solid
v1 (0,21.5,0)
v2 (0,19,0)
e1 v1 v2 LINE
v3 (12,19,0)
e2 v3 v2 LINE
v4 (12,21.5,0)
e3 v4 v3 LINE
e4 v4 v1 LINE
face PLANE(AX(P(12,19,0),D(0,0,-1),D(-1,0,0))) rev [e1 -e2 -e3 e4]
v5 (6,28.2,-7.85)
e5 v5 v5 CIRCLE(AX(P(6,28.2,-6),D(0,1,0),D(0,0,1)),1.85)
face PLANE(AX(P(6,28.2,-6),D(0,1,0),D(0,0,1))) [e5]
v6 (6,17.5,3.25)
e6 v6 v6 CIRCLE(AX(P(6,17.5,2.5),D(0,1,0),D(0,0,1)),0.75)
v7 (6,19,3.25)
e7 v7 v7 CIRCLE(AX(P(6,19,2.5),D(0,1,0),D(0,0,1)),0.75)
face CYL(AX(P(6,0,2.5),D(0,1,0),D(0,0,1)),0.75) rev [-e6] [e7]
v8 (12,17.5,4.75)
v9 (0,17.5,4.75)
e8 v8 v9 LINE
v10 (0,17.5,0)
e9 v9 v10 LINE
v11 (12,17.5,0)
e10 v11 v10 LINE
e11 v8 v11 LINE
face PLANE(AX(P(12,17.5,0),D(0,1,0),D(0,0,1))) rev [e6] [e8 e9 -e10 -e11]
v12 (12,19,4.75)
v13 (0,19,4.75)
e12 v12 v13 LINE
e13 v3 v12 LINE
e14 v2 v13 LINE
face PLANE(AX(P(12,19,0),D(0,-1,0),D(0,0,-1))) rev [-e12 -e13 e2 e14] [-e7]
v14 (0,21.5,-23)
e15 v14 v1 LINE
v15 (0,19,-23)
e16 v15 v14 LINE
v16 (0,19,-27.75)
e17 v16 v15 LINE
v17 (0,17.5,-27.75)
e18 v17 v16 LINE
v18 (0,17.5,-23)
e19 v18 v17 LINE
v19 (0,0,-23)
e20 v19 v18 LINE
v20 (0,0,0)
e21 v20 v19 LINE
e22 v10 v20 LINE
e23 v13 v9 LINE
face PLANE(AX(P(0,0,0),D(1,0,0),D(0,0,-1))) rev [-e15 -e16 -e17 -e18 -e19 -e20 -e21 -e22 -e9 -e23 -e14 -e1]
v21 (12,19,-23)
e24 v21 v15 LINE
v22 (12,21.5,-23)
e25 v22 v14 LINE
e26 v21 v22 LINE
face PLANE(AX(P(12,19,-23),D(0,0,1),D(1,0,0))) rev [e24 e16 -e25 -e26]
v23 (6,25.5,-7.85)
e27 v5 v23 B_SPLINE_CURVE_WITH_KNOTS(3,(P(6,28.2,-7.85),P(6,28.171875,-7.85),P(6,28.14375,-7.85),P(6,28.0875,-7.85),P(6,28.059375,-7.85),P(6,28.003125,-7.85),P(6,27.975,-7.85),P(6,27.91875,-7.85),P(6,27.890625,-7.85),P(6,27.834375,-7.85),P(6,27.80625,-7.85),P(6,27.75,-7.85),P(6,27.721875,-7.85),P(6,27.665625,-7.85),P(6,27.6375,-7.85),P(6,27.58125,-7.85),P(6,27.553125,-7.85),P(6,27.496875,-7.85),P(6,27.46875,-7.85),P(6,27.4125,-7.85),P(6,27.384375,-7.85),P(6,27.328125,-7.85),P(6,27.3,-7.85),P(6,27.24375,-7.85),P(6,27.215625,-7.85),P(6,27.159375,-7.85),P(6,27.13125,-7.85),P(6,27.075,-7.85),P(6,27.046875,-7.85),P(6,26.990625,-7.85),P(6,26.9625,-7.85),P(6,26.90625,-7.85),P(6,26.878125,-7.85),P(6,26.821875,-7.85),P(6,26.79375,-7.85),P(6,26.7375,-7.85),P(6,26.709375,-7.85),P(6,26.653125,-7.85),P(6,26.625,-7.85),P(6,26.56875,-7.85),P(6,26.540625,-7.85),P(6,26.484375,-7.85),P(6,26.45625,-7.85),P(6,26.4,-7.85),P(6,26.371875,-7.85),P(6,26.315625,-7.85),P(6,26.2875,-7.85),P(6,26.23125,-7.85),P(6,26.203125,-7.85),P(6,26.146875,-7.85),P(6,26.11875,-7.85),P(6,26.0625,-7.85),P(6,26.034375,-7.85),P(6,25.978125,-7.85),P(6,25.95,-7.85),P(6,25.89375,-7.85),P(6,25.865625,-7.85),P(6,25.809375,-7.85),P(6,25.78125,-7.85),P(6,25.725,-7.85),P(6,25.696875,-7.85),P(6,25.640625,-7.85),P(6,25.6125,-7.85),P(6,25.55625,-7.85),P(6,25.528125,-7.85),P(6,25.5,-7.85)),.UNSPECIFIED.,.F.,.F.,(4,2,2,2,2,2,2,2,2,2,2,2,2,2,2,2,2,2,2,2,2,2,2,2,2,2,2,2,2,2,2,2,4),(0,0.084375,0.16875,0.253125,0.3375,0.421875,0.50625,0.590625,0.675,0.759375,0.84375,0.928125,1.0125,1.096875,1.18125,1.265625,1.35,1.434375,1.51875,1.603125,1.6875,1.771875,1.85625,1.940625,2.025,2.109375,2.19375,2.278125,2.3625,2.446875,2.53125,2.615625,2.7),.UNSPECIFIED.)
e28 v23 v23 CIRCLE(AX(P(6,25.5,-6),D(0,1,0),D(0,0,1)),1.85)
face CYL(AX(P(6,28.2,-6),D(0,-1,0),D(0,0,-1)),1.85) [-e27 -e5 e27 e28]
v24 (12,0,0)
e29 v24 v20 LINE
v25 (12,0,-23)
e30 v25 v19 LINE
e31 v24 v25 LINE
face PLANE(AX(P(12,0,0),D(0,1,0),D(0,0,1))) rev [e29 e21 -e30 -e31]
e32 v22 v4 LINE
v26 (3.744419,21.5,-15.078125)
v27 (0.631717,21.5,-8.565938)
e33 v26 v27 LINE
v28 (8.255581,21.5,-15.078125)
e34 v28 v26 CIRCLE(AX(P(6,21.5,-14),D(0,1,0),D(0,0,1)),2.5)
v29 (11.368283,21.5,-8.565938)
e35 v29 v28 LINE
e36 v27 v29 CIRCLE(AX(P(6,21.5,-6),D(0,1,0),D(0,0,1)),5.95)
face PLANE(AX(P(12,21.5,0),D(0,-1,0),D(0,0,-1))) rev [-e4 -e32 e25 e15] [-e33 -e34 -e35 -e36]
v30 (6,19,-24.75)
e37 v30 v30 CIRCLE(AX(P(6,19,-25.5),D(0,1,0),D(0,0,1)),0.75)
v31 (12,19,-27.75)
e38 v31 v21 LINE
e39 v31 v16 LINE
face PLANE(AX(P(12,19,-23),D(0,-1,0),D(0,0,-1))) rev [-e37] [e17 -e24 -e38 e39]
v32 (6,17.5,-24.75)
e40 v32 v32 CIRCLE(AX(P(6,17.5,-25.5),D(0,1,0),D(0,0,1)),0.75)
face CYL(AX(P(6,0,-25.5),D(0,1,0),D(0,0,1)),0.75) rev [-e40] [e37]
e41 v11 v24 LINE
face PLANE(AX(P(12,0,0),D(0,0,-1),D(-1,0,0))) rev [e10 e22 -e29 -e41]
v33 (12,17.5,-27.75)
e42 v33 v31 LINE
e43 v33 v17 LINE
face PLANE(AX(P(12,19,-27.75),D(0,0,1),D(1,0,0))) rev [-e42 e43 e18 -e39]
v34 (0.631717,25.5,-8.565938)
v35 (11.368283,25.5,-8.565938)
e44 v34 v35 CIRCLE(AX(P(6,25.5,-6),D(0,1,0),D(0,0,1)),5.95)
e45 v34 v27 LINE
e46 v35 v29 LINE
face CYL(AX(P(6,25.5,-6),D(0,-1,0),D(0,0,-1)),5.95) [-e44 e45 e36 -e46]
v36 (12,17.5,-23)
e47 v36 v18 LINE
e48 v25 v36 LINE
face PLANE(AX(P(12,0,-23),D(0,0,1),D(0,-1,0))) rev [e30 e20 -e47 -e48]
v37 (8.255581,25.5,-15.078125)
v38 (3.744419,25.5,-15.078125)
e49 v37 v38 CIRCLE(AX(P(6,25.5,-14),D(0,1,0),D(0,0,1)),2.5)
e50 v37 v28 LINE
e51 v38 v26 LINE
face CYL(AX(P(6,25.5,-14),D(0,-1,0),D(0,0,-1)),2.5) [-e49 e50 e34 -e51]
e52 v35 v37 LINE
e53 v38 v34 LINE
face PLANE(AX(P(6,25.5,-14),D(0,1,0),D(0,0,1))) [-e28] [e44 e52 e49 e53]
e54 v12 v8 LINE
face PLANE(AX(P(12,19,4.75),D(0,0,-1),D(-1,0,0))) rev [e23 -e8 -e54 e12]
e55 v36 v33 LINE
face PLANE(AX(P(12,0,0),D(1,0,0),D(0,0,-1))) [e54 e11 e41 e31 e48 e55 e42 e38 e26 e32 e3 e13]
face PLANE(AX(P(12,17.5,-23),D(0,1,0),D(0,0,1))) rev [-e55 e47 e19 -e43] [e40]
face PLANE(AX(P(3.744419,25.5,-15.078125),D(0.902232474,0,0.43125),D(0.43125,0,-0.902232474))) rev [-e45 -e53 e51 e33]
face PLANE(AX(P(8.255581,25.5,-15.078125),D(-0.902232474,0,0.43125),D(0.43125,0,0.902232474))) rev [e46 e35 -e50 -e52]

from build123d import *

# Parameters (mm, degrees)
AUFSATZ_LINEAR_AUSTRAGEN1_DEPTH = 12
AUFSATZ_LINEAR_AUSTRAGEN2_DEPTH = 4
SKIZZE3_R                       = 1.85
AUFSATZ_LINEAR_AUSTRAGEN3_DEPTH = 2.7
SKIZZE4_R                       = 0.75
SCHNITT_LINEAR_AUSTRAGEN1_DEPTH = 36.708017307


with BuildPart() as part:
    # Skizze1 → Aufsatz-Linear austragen1 (new body)
    with BuildSketch(Plane(origin=(0, 0, 0), x_dir=(0, 0, -1), z_dir=(1, 0, 0))):
        Polygon((0, 0), (23, 0), (23, 17.5), (27.75, 17.5), (27.75, 19), (23, 19), (23, 21.5), (0, 21.5), (0, 19), (-4.75, 19), (-4.75, 17.5), (0, 17.5), align=None)
    extrude(amount=AUFSATZ_LINEAR_AUSTRAGEN1_DEPTH)

    # Skizze2 → Aufsatz-Linear austragen2 (add)
    with BuildSketch(Plane(origin=(0, 21.5, 0), x_dir=(1, 0, 0), z_dir=(0, 1, 0))):
        with BuildLine():
            Line((3.744418815, 15.078125), (0.631716779, 8.5659375))
            ThreePointArc((0.631716779, 8.5659375), (6, 0.05), (11.368283221, 8.5659375))
            Line((11.368283221, 8.5659375), (8.255581185, 15.078125))
            ThreePointArc((8.255581185, 15.078125), (6, 16.5), (3.744418815, 15.078125))
        make_face()
    extrude(amount=AUFSATZ_LINEAR_AUSTRAGEN2_DEPTH)

    # Skizze3 → Aufsatz-Linear austragen3 (add)
    with BuildSketch(Plane(origin=(0, 25.5, 0), x_dir=(1, 0, 0), z_dir=(0, 1, 0))):
        with Locations(Location((6, 6, 0), (0, 0, 90))):
            Circle(SKIZZE3_R)
    extrude(amount=AUFSATZ_LINEAR_AUSTRAGEN3_DEPTH)

    # Skizze4 → Schnitt-Linear austragen1 (cut, through all)
    with BuildSketch(Plane(origin=(0, 19, 0), x_dir=(1, 0, 0), z_dir=(0, 1, 0))):
        with Locations(Location((6, -2.5, 0), (0, 0, 270))):
            Circle(SKIZZE4_R)
        with Locations(Location((6, 25.5, 0), (0, 0, 270))):
            Circle(SKIZZE4_R)
    extrude(amount=-SCHNITT_LINEAR_AUSTRAGEN1_DEPTH, mode=Mode.SUBTRACT)


solid = part.part
